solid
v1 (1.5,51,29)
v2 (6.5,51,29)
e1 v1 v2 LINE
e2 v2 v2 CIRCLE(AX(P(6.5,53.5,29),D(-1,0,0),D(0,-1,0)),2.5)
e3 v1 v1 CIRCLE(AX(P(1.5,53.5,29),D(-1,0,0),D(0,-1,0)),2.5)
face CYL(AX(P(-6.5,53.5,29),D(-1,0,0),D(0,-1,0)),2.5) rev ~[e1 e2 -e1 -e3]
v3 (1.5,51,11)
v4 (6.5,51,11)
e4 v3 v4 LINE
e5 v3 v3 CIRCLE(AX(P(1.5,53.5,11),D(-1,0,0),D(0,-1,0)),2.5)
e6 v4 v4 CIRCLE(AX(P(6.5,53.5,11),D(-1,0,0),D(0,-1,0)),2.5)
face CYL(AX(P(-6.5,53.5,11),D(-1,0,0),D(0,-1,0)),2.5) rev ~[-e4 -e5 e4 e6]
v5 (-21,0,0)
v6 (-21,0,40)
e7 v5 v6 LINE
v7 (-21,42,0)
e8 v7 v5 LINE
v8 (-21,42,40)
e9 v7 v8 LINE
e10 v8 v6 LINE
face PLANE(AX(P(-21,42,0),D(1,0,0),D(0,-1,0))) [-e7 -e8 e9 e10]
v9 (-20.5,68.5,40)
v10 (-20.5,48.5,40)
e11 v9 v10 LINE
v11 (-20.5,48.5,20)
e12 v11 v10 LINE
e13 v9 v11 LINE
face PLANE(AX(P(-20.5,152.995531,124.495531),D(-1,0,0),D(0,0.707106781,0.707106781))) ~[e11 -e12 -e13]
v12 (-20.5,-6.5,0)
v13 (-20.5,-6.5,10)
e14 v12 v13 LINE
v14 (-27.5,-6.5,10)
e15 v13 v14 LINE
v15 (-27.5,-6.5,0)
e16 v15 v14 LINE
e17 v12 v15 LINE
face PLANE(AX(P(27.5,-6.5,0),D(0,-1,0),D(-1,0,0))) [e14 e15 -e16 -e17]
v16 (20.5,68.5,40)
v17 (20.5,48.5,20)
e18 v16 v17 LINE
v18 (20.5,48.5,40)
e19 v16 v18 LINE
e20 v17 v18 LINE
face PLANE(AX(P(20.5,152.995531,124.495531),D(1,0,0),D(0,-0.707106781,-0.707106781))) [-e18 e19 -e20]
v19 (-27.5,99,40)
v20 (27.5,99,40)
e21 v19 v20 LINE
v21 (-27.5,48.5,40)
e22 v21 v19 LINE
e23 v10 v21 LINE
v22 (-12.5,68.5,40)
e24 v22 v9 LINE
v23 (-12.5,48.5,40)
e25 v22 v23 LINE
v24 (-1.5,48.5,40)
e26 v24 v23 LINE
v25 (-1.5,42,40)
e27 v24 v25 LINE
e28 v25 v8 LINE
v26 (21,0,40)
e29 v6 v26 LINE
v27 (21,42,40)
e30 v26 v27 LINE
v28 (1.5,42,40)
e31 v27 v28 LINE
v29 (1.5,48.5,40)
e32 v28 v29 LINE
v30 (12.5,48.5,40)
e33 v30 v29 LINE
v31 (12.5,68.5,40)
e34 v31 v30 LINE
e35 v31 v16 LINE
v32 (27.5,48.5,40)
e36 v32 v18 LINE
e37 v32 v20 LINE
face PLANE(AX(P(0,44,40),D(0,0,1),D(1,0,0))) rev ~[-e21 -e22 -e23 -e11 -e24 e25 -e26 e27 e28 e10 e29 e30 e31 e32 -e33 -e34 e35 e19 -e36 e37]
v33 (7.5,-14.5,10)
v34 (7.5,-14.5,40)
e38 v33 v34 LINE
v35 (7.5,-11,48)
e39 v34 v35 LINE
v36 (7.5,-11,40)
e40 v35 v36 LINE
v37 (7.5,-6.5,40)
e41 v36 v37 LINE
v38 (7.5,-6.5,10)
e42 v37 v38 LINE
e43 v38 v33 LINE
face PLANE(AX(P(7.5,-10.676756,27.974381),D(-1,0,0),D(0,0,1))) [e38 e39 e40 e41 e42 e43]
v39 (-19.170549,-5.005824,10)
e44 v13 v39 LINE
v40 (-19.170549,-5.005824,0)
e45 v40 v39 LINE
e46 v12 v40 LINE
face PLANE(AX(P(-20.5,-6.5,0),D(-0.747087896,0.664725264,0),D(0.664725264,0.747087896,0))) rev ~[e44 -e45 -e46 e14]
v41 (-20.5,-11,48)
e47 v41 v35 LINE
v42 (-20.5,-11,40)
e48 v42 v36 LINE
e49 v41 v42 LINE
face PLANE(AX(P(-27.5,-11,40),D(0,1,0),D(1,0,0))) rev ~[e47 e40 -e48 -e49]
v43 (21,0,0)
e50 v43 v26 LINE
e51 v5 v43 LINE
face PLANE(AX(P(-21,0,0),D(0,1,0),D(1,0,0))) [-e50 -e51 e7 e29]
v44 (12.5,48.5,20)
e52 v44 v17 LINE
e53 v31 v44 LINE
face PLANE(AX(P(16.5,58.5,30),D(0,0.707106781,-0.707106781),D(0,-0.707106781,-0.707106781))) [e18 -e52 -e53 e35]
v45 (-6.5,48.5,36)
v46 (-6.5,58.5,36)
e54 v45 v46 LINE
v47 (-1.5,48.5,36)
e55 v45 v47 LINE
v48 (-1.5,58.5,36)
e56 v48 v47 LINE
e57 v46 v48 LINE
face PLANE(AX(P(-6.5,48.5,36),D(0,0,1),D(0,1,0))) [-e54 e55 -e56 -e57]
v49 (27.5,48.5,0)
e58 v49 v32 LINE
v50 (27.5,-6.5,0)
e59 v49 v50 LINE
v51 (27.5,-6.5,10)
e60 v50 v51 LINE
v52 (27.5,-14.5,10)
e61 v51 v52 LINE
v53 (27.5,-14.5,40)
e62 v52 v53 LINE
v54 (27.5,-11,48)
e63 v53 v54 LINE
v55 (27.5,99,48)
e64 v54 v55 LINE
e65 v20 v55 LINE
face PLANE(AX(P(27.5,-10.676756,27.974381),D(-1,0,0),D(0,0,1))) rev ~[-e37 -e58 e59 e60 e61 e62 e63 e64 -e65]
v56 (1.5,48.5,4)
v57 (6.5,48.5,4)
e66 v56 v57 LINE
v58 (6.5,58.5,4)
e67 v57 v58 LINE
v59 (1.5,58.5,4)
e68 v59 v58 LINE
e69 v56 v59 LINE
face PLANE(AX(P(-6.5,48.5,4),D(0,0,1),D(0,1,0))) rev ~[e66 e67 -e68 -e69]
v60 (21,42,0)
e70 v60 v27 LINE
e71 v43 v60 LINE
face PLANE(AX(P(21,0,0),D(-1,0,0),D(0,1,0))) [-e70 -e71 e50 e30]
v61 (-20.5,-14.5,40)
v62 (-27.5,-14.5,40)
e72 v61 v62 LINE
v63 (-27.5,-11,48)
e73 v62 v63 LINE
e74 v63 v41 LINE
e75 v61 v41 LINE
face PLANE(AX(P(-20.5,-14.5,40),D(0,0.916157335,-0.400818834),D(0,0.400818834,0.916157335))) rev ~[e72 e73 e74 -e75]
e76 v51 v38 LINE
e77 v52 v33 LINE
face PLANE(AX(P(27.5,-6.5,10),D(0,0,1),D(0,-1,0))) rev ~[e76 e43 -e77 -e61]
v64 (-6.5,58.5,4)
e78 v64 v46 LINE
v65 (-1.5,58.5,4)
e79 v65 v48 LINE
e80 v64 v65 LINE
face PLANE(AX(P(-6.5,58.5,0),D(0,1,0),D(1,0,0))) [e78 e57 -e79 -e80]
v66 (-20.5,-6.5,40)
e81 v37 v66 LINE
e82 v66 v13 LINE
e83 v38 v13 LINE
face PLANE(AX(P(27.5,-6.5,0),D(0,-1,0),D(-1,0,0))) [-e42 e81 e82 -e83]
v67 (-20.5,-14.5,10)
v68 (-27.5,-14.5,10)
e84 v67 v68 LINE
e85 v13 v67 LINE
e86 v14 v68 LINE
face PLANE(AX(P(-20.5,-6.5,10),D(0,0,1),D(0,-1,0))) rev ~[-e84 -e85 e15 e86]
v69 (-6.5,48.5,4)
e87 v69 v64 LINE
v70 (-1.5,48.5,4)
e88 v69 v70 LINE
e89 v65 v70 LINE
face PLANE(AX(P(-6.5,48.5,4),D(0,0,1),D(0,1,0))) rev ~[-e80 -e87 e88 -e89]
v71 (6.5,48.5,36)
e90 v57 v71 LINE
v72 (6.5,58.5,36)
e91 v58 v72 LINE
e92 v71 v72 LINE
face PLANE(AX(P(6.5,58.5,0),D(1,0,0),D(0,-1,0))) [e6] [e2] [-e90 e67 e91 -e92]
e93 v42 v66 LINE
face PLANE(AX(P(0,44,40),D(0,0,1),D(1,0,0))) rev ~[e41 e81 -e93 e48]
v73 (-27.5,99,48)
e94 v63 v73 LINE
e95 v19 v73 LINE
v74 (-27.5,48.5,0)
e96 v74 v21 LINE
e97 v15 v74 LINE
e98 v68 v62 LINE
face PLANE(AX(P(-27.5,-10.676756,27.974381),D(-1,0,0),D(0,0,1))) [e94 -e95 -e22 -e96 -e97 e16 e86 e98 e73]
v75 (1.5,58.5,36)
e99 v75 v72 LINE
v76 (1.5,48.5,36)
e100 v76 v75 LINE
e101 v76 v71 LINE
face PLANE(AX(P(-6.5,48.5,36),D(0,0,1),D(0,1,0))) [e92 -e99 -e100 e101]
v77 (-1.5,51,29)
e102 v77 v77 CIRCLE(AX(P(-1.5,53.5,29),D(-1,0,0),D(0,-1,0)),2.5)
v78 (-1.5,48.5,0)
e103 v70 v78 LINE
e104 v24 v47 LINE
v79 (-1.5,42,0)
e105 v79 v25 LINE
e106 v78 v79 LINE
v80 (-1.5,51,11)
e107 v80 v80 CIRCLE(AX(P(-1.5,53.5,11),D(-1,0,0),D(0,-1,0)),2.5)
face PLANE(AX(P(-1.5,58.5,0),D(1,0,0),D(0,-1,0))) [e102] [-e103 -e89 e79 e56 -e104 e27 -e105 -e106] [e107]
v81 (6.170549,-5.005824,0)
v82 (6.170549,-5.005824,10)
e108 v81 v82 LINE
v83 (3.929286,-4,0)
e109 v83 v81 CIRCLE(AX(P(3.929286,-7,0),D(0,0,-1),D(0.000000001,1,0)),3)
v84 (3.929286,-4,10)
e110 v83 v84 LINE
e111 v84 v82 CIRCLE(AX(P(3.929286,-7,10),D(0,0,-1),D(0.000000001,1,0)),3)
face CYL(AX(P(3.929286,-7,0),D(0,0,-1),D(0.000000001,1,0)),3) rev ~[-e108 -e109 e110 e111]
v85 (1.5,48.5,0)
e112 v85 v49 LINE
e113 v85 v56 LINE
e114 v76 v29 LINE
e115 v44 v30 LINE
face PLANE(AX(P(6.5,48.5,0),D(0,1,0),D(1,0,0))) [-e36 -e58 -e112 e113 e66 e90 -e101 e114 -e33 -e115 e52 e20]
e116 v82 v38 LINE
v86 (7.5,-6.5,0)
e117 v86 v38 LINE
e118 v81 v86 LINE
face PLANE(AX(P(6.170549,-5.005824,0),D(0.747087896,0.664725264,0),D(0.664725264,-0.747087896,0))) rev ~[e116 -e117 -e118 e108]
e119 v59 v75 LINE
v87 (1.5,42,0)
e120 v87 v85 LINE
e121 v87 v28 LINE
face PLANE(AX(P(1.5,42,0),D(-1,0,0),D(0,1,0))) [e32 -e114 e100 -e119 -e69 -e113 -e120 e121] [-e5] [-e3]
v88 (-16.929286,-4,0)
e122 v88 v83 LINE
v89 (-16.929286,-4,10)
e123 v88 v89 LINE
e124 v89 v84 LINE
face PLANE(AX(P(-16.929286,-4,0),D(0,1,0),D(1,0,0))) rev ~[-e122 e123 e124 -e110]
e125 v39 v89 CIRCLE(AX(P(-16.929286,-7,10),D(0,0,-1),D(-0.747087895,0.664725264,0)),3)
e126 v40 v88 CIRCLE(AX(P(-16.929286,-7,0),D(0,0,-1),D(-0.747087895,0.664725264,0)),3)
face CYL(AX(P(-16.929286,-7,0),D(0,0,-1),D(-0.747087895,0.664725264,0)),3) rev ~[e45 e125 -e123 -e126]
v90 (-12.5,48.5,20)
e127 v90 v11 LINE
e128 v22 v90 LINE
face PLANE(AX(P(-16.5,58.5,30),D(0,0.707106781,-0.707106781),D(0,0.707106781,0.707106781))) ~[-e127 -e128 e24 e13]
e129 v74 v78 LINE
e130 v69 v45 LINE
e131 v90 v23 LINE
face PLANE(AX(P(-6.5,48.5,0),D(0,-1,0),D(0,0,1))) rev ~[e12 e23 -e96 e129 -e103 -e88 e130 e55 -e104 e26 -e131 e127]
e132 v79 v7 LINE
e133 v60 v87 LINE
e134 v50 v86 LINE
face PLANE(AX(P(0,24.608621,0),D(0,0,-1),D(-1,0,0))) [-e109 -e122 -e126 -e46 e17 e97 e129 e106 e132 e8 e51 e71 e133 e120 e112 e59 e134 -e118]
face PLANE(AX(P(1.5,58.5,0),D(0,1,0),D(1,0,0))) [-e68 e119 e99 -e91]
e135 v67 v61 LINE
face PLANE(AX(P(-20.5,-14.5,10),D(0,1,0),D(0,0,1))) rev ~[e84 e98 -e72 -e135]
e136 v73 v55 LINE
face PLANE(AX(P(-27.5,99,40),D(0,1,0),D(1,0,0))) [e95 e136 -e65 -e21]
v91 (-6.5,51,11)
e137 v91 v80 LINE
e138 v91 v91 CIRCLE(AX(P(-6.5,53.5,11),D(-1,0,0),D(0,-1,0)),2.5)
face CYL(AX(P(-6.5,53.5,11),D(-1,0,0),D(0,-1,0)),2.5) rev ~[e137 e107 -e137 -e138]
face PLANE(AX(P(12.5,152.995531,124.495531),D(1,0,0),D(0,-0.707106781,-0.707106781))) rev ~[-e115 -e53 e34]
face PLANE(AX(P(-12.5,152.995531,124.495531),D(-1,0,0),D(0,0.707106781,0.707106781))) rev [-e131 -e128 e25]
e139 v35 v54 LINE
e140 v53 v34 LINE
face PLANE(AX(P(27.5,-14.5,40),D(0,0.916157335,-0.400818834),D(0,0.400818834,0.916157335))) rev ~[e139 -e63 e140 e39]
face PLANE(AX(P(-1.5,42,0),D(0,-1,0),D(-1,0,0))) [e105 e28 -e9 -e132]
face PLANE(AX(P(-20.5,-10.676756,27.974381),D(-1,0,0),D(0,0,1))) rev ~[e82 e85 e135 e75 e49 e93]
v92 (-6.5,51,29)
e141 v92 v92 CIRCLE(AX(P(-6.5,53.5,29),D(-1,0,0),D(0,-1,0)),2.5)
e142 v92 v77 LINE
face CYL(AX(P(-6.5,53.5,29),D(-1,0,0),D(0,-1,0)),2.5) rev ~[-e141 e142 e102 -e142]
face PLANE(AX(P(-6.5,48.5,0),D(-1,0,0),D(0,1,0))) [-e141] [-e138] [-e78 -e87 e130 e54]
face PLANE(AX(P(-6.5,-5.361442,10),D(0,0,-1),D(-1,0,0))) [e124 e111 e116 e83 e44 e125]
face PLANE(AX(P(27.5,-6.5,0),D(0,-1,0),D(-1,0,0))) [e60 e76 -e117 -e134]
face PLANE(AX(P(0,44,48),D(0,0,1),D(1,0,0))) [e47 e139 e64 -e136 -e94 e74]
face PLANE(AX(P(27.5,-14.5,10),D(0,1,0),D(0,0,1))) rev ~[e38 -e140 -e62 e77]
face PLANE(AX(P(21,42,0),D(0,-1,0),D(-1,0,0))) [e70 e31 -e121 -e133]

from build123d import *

# Parameters (mm, degrees)
BOSS_EXTRUDE1_DEPTH  = 40
CUT_EXTRUDE1_REACH   = 80.602
SKETCH2_R            = 2.5
CUT_EXTRUDE2_DEPTH   = 10
SKETCH6_W            = 55
SKETCH6_H            = 110
BOSS_EXTRUDE8_DEPTH  = 8
CUT_EXTRUDE3_REACH   = 117.156
SKETCH7_W            = 4
SKETCH7_H            = 10
BOSS_EXTRUDE9_DEPTH  = 20
BOSS_EXTRUDE10_START = -48
BOSS_EXTRUDE10_DEPTH = 7
RIB1_REACH           = 120.495
SKETCH10_WALL_W      = 267.27372249
SKETCH10_WALL_H      = 8


with BuildPart() as part:
    # Sketch1 → Boss-Extrude1 (new body)
    with BuildSketch(Plane.XY):
        Polygon((-21, 0), (21, 0), (21, 42), (1.5, 42), (1.5, 58.5), (6.5, 58.5), (6.5, 48.5), (27.5, 48.5), (27.5, -6.5), (-27.5, -6.5), (-27.5, 48.5), (-6.5, 48.5), (-6.5, 58.5), (-1.5, 58.5), (-1.5, 42), (-21, 42), align=None)
    extrude(amount=BOSS_EXTRUDE1_DEPTH)

    # Cut-Extrude1: up to this face of the body (flat: up to its plane)
    cut_extrude1_end = Plane(part.part.faces().sort_by_distance((6.5, 53.5, 20))[0])
    # Sketch2 → Cut-Extrude1 (cut, up to the picked face)
    with BuildSketch(Plane.ZY.offset(6.5), mode=Mode.PRIVATE) as cut_extrude1_sk1:
        with Locations(Location((11, 53.5, 0), (0, 0, 270))):
            Circle(SKETCH2_R)
    cut_extrude1_tool1 = split(extrude(cut_extrude1_sk1.sketch, amount=-CUT_EXTRUDE1_REACH, mode=Mode.PRIVATE), bisect_by=cut_extrude1_end, keep=Keep.BOTH, mode=Mode.PRIVATE)
    # Sketch2 → Cut-Extrude1 (cut, up to the picked face)
    with BuildSketch(Plane.ZY.offset(6.5), mode=Mode.PRIVATE) as cut_extrude1_sk2:
        with Locations(Location((29, 53.5, 0), (0, 0, 270))):
            Circle(SKETCH2_R)
    cut_extrude1_tool2 = split(extrude(cut_extrude1_sk2.sketch, amount=-CUT_EXTRUDE1_REACH, mode=Mode.PRIVATE), bisect_by=cut_extrude1_end, keep=Keep.BOTH, mode=Mode.PRIVATE)
    add(cut_extrude1_tool1.solids().sort_by(Axis((-6.5, 53.5, 11), (1, 0, 0)))[0], mode=Mode.SUBTRACT)
    add(cut_extrude1_tool2.solids().sort_by(Axis((-6.5, 53.5, 29), (1, 0, 0)))[0], mode=Mode.SUBTRACT)

    # Sketch3 → Cut-Extrude2 (cut)
    with BuildSketch(Plane(origin=(0, 0, 0), x_dir=(-1, 0, 0), z_dir=(0, 0, -1))):
        with BuildLine():
            Line((20.5, -6.5), (19.170549473, -5.005824209))
            ThreePointArc((19.170549473, -5.005824209), (18.157592064, -4.262982703), (16.929285786, -4))
            Line((16.929285786, -4), (-3.929285786, -4))
            ThreePointArc((-3.929285786, -4), (-5.157592064, -4.262982703), (-6.170549473, -5.005824209))
            Line((-6.170549473, -5.005824209), (-7.5, -6.5))
            Line((-7.5, -6.5), (20.5, -6.5))
        make_face()
    extrude(amount=-CUT_EXTRUDE2_DEPTH, mode=Mode.SUBTRACT)

    # Cut-Extrude3: up to this face of the body (flat: up to its plane)
    cut_extrude3_end = Plane(part.part.faces().sort_by_distance((6.5, 53.5, 20))[0])
    # Sketch7 → Cut-Extrude3 (cut, up to the picked face)
    with BuildSketch(Plane.ZY.offset(6.5), mode=Mode.PRIVATE) as cut_extrude3_sk1:
        with Locations((38, 53.5)):
            Rectangle(SKETCH7_W, SKETCH7_H)
    cut_extrude3_tool1 = split(extrude(cut_extrude3_sk1.sketch, amount=-CUT_EXTRUDE3_REACH, mode=Mode.PRIVATE), bisect_by=cut_extrude3_end, keep=Keep.BOTH, mode=Mode.PRIVATE)
    # Sketch7 → Cut-Extrude3 (cut, up to the picked face)
    with BuildSketch(Plane.ZY.offset(6.5), mode=Mode.PRIVATE) as cut_extrude3_sk2:
        with Locations((2, 53.5)):
            Rectangle(SKETCH7_W, SKETCH7_H)
    cut_extrude3_tool2 = split(extrude(cut_extrude3_sk2.sketch, amount=-CUT_EXTRUDE3_REACH, mode=Mode.PRIVATE), bisect_by=cut_extrude3_end, keep=Keep.BOTH, mode=Mode.PRIVATE)
    add(cut_extrude3_tool1.solids().sort_by(Axis((-6.5, 53.5, 38), (1, 0, 0)))[0], mode=Mode.SUBTRACT)
    add(cut_extrude3_tool2.solids().sort_by(Axis((-6.5, 53.5, 2), (1, 0, 0)))[0], mode=Mode.SUBTRACT)



with BuildPart() as body_2:
    # Sketch6 → Boss-Extrude8 (new body)
    with BuildSketch(Plane.XY.offset(40)):
        with Locations((0, 44)):
            Rectangle(SKETCH6_W, SKETCH6_H)
    extrude(amount=BOSS_EXTRUDE8_DEPTH)


with BuildPart() as part_1:
    add(part.part)

    add(body_2.part)  # Boss-Extrude9 merges body 2
    # Sketch9 → Boss-Extrude9 (add)
    with BuildSketch(Plane(origin=(27.5, 0, 0), x_dir=(0, 0, -1), z_dir=(1, 0, 0))):
        Polygon((-40, -14.5), (-48, -11), (-40, -11), (-40, -6.5), (-10, -6.5), (-10, -14.5), align=None)
    extrude(amount=-BOSS_EXTRUDE9_DEPTH)

    # Sketch9<2> → Boss-Extrude10 (add)
    with BuildSketch(Plane(origin=(27.5, 0, 0), x_dir=(0, 0, -1), z_dir=(1, 0, 0)).offset(BOSS_EXTRUDE10_START)):
        Polygon((-40, -14.5), (-48, -11), (-40, -11), (-40, -6.5), (-10, -6.5), (-10, -14.5), align=None)
    extrude(amount=-BOSS_EXTRUDE10_DEPTH)

    # Sketch10 wall → Rib1 (add, up to next)
    with BuildSketch(Plane(origin=(16.5, 58.5, 30), x_dir=(0, -0.707106781187, -0.707106781187), z_dir=(0, 0.707106781187, -0.707106781187)), mode=Mode.PRIVATE) as rib1_sk1:
        Rectangle(SKETCH10_WALL_W, SKETCH10_WALL_H)
    rib1_tool1 = extrude(rib1_sk1.sketch, amount=-RIB1_REACH, mode=Mode.PRIVATE) - part_1.part
    rib1 = rib1_tool1.solids().sort_by_distance((16.5, 58.5, 30))[0]
    add(rib1)

    # Mirror1: Rib1 across plane
    add(rib1.mirror(Plane(origin=(0, 0, 0), x_dir=(0, 0, 1), z_dir=(1, 0, 0))))


solid = part_1.part
